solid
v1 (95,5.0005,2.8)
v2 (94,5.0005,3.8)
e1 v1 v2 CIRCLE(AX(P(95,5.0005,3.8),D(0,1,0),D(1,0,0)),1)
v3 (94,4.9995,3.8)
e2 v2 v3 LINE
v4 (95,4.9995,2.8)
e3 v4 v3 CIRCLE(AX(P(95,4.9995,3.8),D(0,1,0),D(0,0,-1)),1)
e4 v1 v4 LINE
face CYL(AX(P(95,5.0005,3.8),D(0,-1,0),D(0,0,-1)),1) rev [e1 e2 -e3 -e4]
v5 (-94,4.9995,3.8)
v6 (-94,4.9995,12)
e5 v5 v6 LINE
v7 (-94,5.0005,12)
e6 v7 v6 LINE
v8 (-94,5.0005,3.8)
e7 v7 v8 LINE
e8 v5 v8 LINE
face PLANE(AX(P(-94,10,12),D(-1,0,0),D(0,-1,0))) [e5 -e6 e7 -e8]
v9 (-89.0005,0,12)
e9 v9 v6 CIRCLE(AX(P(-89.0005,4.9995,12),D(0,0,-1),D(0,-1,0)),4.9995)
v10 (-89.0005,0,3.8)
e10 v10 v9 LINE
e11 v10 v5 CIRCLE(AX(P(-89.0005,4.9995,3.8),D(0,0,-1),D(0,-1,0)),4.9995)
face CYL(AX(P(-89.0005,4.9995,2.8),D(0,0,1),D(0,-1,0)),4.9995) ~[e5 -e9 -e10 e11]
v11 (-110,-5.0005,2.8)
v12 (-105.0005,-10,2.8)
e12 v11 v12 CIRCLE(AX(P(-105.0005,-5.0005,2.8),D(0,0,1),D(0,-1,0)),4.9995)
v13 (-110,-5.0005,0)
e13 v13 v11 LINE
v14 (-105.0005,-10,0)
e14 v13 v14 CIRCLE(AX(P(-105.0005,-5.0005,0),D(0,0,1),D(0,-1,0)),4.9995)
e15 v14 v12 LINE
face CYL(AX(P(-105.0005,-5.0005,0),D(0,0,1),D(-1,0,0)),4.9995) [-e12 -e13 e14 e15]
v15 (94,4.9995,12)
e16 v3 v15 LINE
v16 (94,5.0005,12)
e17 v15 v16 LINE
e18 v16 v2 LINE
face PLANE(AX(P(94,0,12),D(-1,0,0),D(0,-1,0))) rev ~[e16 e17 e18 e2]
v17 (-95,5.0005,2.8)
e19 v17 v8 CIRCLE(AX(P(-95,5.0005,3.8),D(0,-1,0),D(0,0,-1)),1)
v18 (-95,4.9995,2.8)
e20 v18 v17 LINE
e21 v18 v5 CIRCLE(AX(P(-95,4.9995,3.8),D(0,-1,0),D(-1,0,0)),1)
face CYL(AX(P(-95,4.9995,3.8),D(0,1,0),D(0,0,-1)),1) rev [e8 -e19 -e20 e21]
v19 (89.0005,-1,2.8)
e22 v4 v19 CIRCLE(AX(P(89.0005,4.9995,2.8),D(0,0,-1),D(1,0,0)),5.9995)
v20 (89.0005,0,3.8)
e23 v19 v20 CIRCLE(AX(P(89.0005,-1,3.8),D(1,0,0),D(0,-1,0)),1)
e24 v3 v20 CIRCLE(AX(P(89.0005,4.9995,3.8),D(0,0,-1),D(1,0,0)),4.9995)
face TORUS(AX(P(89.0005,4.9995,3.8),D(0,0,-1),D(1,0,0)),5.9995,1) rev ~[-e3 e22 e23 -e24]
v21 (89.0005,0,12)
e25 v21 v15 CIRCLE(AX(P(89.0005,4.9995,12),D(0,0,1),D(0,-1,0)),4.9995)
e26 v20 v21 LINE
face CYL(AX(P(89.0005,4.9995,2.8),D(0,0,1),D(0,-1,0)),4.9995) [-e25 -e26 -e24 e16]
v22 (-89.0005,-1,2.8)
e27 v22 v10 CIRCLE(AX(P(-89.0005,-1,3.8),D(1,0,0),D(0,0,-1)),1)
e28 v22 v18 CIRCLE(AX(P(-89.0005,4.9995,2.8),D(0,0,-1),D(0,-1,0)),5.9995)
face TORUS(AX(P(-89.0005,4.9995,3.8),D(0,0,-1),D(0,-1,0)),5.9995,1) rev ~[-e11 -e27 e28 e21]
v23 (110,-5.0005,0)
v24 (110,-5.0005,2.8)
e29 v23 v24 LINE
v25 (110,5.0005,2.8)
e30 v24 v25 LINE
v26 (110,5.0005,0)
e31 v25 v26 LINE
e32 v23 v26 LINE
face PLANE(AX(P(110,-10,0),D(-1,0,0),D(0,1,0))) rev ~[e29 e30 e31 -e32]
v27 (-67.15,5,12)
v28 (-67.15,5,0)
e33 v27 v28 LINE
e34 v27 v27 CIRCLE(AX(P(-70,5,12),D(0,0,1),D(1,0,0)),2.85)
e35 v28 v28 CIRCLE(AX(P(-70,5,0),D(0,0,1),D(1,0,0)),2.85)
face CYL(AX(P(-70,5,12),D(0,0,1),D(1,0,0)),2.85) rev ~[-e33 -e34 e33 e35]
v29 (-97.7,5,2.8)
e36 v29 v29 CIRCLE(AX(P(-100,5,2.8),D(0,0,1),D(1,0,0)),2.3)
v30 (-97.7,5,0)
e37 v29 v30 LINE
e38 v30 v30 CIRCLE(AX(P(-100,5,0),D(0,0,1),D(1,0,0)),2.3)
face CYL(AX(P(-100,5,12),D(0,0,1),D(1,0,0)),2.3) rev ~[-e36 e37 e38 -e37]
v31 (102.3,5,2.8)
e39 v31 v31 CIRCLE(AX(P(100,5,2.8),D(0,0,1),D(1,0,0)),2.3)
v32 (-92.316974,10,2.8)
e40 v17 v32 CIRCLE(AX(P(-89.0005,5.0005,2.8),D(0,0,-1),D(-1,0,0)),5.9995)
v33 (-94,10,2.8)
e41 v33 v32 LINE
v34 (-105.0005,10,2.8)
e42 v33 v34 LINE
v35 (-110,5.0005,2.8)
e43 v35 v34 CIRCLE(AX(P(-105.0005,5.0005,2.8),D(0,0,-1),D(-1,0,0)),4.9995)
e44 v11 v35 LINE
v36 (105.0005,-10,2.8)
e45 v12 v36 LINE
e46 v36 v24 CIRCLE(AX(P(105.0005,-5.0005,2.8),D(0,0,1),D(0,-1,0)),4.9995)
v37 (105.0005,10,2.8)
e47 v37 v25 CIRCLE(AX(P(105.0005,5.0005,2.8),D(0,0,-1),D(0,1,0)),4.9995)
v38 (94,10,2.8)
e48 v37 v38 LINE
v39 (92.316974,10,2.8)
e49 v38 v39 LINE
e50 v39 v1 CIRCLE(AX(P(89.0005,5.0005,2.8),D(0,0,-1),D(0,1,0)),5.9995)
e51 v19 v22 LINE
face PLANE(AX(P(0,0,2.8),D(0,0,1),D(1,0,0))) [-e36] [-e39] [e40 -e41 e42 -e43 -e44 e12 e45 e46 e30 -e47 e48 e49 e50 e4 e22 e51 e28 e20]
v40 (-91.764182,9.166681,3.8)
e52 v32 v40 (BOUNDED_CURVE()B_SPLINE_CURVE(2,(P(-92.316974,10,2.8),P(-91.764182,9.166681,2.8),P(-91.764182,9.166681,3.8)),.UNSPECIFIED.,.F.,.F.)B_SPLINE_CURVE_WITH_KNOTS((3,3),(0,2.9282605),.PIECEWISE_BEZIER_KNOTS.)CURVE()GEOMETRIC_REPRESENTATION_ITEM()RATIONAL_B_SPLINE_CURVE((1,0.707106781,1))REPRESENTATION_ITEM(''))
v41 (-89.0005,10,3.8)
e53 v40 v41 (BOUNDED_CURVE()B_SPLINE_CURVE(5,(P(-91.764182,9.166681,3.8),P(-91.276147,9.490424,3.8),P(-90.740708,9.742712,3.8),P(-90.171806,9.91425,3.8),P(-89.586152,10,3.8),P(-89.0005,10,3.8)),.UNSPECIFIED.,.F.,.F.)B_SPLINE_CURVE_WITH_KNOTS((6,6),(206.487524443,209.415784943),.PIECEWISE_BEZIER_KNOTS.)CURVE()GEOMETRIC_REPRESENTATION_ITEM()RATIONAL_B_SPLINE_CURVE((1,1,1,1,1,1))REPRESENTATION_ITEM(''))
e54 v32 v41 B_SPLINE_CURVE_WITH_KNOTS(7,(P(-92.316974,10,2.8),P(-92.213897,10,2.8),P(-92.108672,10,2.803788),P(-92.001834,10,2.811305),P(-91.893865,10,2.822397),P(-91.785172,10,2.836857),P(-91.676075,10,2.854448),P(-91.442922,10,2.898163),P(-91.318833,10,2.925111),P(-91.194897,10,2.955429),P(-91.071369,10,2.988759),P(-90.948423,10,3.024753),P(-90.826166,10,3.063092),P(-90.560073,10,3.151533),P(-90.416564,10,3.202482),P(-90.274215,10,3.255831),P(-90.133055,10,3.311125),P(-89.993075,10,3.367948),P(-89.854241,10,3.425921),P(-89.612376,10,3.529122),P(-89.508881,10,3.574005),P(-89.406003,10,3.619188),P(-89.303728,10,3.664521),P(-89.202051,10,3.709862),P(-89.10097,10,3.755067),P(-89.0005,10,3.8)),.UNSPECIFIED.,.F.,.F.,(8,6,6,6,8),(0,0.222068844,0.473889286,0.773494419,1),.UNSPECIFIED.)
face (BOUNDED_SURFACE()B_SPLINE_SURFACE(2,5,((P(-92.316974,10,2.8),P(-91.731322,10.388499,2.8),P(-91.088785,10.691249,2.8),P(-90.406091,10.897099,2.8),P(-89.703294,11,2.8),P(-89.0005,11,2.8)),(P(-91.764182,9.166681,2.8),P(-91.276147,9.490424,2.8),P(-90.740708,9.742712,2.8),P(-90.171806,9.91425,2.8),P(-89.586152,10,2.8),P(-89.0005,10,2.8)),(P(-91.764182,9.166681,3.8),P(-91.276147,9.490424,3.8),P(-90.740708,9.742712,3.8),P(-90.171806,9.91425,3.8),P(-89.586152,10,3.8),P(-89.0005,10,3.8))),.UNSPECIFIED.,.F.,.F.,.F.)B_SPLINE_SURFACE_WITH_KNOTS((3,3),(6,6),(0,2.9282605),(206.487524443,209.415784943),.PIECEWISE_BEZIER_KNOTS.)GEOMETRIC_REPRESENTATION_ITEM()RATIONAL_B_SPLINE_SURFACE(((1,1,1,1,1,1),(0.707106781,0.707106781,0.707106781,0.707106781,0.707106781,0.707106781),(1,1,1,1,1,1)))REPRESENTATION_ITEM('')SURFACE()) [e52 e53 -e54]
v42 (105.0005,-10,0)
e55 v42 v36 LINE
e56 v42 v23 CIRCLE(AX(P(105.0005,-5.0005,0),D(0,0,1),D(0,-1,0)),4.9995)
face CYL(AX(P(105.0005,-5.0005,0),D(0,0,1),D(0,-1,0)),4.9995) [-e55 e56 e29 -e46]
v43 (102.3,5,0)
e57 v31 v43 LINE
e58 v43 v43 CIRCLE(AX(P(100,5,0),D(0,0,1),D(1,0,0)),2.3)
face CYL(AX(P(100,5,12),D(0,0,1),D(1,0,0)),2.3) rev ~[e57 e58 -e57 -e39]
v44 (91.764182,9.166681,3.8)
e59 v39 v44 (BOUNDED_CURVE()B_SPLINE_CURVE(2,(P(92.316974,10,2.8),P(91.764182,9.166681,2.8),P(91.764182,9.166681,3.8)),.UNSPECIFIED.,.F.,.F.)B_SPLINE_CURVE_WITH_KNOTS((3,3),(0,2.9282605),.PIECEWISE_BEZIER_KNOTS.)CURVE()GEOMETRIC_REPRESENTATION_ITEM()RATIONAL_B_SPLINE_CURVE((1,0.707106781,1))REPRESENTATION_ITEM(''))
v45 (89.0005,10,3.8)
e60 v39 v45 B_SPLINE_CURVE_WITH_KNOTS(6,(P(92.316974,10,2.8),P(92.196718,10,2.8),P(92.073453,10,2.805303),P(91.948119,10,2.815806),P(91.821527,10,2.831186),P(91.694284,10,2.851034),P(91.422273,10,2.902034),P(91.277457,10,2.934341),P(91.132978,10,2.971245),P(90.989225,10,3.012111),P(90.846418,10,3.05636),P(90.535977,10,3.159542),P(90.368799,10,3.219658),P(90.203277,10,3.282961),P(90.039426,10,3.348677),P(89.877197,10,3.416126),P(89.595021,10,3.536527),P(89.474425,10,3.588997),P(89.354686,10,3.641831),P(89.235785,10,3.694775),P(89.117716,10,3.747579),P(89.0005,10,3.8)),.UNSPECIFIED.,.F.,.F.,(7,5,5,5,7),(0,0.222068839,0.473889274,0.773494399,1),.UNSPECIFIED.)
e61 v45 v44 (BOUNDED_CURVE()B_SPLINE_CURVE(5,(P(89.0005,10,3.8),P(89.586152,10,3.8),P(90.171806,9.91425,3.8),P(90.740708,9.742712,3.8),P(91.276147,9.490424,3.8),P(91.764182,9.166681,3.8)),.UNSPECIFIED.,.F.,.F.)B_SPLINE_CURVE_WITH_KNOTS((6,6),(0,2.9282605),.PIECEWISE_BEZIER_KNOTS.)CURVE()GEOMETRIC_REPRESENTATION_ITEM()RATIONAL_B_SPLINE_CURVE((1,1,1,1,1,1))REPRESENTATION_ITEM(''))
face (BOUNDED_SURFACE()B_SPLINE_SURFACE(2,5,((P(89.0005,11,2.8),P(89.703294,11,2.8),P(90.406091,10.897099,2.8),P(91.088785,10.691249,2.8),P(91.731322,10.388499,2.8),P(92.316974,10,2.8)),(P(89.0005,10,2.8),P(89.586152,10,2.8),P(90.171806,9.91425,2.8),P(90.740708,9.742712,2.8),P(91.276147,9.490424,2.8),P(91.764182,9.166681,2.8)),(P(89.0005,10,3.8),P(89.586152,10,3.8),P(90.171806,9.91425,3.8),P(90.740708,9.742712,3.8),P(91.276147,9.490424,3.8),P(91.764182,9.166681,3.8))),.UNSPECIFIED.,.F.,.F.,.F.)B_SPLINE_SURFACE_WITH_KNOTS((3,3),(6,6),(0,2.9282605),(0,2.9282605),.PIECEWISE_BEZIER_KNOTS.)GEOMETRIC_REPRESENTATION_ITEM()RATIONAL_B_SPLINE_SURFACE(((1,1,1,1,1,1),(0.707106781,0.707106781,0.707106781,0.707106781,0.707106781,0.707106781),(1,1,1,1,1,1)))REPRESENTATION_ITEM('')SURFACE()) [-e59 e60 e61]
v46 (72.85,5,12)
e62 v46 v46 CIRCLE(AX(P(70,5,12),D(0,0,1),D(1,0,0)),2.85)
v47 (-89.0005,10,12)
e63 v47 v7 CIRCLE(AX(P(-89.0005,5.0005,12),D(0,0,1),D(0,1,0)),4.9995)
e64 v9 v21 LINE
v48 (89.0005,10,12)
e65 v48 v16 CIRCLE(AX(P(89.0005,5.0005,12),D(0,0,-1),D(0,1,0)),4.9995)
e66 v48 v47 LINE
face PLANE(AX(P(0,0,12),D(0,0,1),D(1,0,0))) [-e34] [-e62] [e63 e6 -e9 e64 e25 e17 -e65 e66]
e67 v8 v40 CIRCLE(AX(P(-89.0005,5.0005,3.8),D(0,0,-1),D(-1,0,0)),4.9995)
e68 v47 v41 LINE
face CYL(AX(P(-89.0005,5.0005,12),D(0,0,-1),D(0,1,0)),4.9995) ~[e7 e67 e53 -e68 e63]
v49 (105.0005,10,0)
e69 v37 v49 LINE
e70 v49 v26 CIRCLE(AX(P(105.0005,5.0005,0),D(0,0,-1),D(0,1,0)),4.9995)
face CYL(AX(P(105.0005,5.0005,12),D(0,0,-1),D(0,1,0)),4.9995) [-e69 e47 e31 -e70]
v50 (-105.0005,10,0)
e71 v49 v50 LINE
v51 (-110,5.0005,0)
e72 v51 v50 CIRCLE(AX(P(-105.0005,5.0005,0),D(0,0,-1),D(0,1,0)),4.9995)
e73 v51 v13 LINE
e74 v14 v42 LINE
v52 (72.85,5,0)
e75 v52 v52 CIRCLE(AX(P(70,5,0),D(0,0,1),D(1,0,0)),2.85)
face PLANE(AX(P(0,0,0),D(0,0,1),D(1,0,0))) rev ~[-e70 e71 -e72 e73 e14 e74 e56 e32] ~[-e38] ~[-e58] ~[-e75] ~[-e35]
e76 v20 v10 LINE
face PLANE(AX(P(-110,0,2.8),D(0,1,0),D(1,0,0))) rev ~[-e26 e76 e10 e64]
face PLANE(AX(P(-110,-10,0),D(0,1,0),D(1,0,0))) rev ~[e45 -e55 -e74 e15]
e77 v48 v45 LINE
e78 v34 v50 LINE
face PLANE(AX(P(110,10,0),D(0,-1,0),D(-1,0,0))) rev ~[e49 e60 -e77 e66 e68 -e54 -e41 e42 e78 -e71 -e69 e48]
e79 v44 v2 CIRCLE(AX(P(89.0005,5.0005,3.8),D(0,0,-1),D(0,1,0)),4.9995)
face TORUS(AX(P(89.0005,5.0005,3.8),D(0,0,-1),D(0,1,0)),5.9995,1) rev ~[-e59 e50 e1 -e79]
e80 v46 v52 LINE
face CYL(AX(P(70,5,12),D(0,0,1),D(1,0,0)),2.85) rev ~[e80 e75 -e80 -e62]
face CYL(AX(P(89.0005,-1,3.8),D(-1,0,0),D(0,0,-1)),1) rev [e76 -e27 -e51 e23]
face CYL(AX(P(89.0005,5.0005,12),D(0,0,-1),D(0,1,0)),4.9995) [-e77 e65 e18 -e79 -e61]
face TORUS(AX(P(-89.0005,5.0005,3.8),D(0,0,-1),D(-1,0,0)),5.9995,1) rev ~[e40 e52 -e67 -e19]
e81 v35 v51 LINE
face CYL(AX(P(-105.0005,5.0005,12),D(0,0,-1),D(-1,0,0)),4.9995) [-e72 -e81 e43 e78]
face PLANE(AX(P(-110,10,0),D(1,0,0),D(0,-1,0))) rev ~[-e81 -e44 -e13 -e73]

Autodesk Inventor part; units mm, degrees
ref_plane "YZ Plane" through (0, 0, 0) normal (1, 0, 0) x (0, 1, 0)
ref_plane "XZ Plane" through (0, 0, 0) normal (0, 1, 0) x (-1, 0, 0)
ref_plane "XY Plane" through (0, 0, 0) normal (0, 0, 1) x (1, 0, 0)
sketch "Sketch7" plane through (0, 0, 0) normal (0, 0, 1) x (1, 0, 0)
  line L0 (-110, -10) -> (110, -10)
  line L1 (110, -10) -> (110, 10)
  line L2 (110, 10) -> (-110, 10)
  line L3 (-110, 10) -> (-110, -10)
  line L4 (-110, -10) -> (110, 10) construction
  line L5 (110, -10) -> (-110, 10) construction
  point P0 (0, 0)
  dimension "d27" = 20
  dimension "d28" = 220
extrude "Extrusion6" add sketch "Sketch7" along normal blind 2.8
sketch "Sketch8" plane through (0, 0, 2.8) normal (0, 0, 1) x (1, 0, 0)
  line L0 (-110, 10) -> (-110, -10) projected
  line L1 (-110, 0) -> (110, 0)
  line L2 (110, 0) -> (110, 10)
  line L3 (110, 10) -> (-110, 10)
  line L4 (-110, 10) -> (-110, 0)
  point P0 (0, 0)
  dimension "d32" = 10
extrude "Extrusion7" add sketch "Sketch8" along normal blind 9.2
sketch "Sketch9" plane through (0, 0, 12) normal (0, 0, 1) x (1, 0, 0)
  circle A0 centre (-70, 5) radius 2.85
  line L0 (0, 14) -> (0, -14) projected
  circle A1 centre (70, 5) radius 2.85
  line L1 (110, 10) -> (-110, 10) projected
  point P0 (0, 0)
  dimension "d35" = 5.7
  dimension "d36" = 5
  dimension "d37" = 70
extrude "Extrusion8" cut sketch "Sketch9" against normal through all
fillet "Fillet4" radius 5 6 edges at (-110, 0, 7.4) (-110, 10, 6) (-110, -10, 1.4) (110, -10, 1.4) (110, 0, 7.4) (110, 10, 6)
sketch "Sketch10" plane through (0, 0, 12) normal (0, 0, 1) x (1, 0, 0)
  circle A0 centre (-100, 5) radius 2.3
  circle A1 centre (-70, 5) radius 2.85 projected
  line L0 (105, 10) -> (-105, 10) projected
  line L1 (0, 14) -> (0, -14) projected
  circle A2 centre (100, 5) radius 2.3
  point P0 (0, 0)
  dimension "d43" = 4.6
  dimension "d44" = 100
  dimension "d45" = 5
  dimension "d46" = 5
extrude "Extrusion9" cut sketch "Sketch10" against normal through all contours A0 | A2
sketch "Sketch11" plane through (0, 0, 12) normal (0, 0, 1) x (1, 0, 0)
  line L0 (-115, 10) -> (-94, 10)
  line L1 (-94, 10) -> (-94, -3.6473)
  line L2 (-94, -3.6473) -> (-115, -3.6473)
  line L3 (-115, -3.6473) -> (-115, 10)
  line L4 (-110, 5) -> (-110, -5) projected
  line L5 (-105, 0) -> (105, 0) projected
  line L6 (105, 10) -> (-105, 10) projected
  line L7 (0, 14) -> (0, -14) projected
  line L8 (115, 10) -> (94, 10)
  line L9 (94, 10) -> (94, -3.6473)
  line L10 (94, -3.6473) -> (115, -3.6473)
  line L11 (115, -3.6473) -> (115, 10)
  line L12 (110, 1.6834) -> (110, -5)
  point P0 (0, 0)
  point P1 (-110, 1.6834)
  point P2 (94, 0)
  dimension "d49" = 16
extrude "Extrusion10" cut sketch "Sketch11" against normal up to surface (9.2 mm away) contours L0 L1 L2 L3 | L6 L8 L11 L10 L9
fillet "Fillet6" radius 5 4 edges at (-94, 0, 7.4) (-94, 10, 7.4) (94, 0, 7.4) (94, 10, 7.4)
fillet "Fillet7" radius 1 3 edges at (-92.5357, 1.4643, 2.8) (92.5357, 1.4643, 2.8) (0, 0, 2.8)
equation "\"d46\" = d45"
properties part number "DisplayHolderUpper_3DPrint"
